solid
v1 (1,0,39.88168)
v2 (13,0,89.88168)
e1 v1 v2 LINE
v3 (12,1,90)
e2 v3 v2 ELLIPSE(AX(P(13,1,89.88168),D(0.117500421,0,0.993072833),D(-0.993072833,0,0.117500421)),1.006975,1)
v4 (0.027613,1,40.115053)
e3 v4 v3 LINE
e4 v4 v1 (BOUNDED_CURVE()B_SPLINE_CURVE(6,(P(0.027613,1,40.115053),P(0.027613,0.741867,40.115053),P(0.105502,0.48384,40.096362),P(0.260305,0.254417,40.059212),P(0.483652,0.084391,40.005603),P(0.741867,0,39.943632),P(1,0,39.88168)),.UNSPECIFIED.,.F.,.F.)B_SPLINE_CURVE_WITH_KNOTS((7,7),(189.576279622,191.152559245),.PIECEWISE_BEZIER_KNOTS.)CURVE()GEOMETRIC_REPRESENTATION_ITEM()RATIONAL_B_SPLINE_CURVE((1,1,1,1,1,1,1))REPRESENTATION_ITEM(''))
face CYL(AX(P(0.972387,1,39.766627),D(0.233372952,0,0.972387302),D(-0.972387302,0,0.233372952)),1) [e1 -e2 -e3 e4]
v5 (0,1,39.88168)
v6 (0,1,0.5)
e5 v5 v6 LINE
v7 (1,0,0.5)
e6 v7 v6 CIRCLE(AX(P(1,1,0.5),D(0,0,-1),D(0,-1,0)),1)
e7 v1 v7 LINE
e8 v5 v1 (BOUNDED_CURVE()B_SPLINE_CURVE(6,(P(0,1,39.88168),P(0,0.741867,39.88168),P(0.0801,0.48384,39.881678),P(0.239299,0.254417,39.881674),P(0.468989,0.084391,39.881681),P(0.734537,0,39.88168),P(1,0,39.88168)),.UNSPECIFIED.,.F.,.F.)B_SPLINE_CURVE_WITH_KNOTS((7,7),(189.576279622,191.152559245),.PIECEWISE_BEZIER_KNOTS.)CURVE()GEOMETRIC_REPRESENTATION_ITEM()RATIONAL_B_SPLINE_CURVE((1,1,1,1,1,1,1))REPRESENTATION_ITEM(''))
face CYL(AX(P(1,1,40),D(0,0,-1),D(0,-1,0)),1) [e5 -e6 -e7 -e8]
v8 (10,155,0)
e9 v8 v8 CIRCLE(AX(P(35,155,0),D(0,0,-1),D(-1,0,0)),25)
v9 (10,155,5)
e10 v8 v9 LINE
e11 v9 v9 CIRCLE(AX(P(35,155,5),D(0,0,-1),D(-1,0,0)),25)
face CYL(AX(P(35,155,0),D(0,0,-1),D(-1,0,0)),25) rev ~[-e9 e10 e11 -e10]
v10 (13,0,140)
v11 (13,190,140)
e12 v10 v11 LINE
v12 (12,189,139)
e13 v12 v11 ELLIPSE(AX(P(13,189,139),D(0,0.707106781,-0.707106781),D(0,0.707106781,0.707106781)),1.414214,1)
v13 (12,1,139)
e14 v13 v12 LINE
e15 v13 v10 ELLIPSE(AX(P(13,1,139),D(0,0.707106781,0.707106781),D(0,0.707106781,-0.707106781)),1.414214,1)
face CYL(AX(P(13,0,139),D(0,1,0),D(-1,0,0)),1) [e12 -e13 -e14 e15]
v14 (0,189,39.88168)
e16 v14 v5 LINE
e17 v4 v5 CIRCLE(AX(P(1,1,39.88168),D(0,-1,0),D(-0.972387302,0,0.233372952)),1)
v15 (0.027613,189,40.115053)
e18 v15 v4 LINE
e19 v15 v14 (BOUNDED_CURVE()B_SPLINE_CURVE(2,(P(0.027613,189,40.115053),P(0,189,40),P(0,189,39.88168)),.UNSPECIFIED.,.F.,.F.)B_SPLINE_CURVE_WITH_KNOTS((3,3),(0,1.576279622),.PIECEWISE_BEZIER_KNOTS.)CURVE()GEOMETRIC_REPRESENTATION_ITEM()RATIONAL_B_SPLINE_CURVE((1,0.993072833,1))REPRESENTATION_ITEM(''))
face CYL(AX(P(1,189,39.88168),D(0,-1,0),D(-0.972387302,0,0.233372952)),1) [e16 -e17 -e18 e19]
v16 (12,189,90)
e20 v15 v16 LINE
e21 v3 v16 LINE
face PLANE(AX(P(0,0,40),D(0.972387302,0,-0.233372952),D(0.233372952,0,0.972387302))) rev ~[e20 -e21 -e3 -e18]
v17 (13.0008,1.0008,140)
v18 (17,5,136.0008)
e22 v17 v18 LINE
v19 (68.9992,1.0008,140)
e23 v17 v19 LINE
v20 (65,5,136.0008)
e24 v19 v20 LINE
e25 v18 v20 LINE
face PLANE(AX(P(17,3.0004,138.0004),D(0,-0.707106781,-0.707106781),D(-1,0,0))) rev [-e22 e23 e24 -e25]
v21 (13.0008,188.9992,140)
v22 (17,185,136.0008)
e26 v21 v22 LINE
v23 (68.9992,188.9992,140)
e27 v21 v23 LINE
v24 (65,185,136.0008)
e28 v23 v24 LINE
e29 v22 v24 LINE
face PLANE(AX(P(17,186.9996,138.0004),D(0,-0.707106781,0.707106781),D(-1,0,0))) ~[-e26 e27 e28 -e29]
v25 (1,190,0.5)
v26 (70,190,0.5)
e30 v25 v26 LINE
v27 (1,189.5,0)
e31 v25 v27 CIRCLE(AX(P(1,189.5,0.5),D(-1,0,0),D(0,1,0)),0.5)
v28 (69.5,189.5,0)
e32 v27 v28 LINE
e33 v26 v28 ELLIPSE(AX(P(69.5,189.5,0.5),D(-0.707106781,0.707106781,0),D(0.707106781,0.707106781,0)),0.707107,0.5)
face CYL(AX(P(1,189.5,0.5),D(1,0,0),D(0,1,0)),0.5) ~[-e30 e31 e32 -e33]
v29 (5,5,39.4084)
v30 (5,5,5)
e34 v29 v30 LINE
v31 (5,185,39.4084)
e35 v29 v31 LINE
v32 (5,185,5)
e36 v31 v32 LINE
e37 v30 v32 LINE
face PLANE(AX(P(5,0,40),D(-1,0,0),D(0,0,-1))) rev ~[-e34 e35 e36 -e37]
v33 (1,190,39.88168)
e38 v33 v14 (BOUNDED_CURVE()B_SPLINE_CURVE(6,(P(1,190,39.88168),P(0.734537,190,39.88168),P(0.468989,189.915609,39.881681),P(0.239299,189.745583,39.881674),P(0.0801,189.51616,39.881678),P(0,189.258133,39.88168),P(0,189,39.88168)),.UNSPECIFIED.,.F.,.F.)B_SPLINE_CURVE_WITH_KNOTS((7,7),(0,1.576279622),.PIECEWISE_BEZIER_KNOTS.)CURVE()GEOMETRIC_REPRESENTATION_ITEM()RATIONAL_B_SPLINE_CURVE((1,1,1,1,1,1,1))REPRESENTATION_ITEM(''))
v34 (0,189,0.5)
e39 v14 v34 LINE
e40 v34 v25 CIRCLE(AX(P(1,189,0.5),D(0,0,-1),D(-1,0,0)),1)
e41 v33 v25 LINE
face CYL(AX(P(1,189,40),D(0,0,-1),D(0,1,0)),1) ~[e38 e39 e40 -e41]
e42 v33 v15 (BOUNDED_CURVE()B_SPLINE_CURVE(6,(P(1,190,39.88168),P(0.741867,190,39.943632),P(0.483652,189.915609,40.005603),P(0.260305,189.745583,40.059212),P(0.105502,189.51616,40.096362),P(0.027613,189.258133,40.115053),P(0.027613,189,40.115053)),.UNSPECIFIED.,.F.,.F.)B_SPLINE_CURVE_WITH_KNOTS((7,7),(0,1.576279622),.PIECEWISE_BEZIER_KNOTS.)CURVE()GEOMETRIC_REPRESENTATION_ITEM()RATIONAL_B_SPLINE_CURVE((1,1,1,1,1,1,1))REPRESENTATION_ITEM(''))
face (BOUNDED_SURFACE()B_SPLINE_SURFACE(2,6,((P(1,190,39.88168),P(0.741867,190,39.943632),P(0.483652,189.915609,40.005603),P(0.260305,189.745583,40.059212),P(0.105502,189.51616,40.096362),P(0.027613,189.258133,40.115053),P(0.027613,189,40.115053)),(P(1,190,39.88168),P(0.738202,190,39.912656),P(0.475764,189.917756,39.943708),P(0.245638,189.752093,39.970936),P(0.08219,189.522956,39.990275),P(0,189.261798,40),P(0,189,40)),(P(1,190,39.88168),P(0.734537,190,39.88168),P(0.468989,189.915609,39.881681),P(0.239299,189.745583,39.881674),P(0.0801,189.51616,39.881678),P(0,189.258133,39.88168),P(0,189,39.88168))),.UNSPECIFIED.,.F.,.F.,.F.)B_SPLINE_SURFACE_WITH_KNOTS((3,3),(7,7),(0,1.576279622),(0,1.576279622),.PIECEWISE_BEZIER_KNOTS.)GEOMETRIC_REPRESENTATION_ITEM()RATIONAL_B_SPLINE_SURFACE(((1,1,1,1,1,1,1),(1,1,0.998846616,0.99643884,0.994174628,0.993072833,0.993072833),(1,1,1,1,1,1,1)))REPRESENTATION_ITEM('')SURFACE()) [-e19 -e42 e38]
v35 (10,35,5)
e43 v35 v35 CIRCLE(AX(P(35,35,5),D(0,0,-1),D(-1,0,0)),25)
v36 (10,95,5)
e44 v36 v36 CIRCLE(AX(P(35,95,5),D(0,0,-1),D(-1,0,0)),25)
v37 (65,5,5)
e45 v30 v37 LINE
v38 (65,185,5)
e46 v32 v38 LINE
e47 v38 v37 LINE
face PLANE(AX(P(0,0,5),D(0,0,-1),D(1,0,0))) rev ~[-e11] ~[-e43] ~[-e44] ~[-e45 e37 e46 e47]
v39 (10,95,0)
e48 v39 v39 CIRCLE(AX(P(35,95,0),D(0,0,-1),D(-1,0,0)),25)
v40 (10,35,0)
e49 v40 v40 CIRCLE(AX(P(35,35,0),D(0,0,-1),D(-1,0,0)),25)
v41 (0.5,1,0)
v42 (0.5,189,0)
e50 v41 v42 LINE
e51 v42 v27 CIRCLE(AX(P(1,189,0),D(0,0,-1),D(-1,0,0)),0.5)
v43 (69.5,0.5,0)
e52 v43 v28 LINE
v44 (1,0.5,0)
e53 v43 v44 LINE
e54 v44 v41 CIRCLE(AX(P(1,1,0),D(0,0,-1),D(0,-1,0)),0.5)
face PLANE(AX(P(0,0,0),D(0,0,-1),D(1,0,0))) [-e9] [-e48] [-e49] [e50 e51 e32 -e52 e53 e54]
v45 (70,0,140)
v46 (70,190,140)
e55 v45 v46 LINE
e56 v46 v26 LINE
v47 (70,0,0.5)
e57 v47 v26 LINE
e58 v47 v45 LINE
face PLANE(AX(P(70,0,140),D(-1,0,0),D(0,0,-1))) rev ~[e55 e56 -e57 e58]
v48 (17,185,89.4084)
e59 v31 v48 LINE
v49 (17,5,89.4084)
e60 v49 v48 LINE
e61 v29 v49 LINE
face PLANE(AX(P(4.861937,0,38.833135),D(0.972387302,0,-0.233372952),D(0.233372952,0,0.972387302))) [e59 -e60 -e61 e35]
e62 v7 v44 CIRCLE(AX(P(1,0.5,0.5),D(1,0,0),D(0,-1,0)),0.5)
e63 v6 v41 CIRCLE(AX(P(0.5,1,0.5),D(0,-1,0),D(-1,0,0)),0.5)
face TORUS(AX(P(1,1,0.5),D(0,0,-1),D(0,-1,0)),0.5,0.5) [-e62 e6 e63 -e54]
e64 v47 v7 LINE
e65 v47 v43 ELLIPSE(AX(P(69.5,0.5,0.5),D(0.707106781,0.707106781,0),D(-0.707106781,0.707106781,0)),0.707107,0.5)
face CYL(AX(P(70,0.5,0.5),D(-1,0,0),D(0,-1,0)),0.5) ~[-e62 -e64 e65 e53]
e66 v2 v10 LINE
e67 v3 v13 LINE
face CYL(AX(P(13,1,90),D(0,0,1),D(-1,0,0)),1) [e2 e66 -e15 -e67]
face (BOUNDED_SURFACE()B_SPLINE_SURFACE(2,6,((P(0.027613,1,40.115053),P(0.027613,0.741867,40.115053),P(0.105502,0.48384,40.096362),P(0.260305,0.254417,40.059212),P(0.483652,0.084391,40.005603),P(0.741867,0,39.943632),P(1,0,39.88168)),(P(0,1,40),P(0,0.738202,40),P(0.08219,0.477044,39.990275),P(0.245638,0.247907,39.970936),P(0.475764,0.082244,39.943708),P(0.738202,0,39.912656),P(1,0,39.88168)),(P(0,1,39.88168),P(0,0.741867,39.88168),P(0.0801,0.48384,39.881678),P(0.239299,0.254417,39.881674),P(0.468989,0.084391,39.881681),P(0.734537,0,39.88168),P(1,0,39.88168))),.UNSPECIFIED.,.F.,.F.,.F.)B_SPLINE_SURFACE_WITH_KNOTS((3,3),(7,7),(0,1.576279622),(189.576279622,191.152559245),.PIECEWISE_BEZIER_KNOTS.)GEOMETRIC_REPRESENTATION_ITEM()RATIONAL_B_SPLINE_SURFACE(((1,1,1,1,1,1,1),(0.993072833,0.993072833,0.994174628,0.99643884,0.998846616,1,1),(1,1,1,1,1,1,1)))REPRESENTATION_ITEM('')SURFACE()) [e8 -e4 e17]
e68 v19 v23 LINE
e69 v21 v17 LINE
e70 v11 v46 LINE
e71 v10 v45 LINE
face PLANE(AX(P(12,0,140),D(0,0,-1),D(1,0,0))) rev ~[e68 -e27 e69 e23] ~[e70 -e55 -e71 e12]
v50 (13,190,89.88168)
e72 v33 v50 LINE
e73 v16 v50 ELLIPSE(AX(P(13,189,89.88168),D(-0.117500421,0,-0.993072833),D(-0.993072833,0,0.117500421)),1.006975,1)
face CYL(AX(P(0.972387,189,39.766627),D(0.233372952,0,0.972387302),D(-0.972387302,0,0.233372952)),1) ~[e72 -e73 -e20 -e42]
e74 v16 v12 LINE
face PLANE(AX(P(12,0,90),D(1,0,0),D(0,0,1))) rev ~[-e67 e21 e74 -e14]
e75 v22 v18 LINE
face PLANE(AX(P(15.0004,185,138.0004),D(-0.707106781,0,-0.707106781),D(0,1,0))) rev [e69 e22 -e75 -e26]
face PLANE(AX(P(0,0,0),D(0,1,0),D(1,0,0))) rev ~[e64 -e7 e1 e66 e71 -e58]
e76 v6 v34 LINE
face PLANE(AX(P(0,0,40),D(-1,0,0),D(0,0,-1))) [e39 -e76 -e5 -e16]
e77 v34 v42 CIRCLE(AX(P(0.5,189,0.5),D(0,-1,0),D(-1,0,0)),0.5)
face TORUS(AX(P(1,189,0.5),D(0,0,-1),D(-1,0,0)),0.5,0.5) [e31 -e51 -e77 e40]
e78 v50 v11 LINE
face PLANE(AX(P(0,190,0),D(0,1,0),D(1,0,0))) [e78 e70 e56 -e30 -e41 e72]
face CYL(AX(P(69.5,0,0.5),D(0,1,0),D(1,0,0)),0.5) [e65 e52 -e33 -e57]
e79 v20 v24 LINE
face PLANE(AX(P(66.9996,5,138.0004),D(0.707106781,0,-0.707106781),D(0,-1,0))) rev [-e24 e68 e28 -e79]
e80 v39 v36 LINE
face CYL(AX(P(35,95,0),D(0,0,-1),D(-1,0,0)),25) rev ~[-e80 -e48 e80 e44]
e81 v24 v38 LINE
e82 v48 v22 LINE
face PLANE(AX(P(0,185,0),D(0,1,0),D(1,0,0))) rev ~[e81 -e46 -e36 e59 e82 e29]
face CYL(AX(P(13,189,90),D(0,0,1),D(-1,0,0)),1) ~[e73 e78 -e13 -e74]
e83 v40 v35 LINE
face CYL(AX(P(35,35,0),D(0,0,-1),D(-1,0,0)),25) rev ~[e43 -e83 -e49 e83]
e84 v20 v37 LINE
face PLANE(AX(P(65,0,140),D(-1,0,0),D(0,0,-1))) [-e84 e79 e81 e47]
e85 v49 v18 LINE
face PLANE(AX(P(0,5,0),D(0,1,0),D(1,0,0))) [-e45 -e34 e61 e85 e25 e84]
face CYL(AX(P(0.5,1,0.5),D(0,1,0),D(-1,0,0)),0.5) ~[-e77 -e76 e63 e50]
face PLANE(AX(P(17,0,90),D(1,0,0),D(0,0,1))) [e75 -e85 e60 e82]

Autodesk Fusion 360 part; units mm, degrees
sketch "Sketch1" plane through (0, 0, 0) normal (0, 1, 0) x (1, 0, 0)
  line L0 (0, 0) -> (70, 0)
  line L1 (70, 0) -> (70, -40)
  line L2 (0, -40) -> (0, 0)
  line L3 (70, -40) -> (12, -40)
  line L4 (70, -90) -> (70, -40)
  line L5 (0, -40) -> (12, -90)
  line L6 (12, -90) -> (12, -140)
  line L7 (12, -140) -> (70, -140)
  line L8 (70, -140) -> (70, -90)
  dimension "d1" = 70
  dimension "d2" = 40
  dimension "d3" = 58
  dimension "d4" = 50
  dimension "d5" = 58
  dimension "d6" = 50
extrude "Extrude1" add sketch "Sketch1" along normal blind 190
sketch "Sketch2" plane through (0, 0, 0) normal (0, 0, -1) x (-1, 0, 0)
  line L0 (-70, 0) -> (0, 0)
  line L1 (0, 0) -> (0, 190)
  line L2 (0, 190) -> (-70, 190)
  line L3 (-70, 190) -> (-70, 0)
sketch "Sketch4" plane through (0, 0, 0) normal (0, 0, -1) x (-1, 0, 0)
  circle A0 centre (-35, 155) radius 25
  line L0 (0, 190) -> (-70, 190)
  line L1 (0, 0) -> (0, 190)
  circle A1 centre (-35, 95) radius 25
  circle A2 centre (-35, 35) radius 25
  dimension "d21" = 50
  dimension "d22" = 35
  dimension "d23" = 35
  dimension "d24" = 50
  dimension "d25" = 35
  dimension "d26" = 60
  dimension "d27" = 50
  dimension "d28" = 35
  dimension "d29" = 60
shell "Shell1" thickness 5 removed faces 1 at (31.3333, 63.3333, 140)
extrude "Extrude2" cut sketch "Sketch4" against normal blind 25
fillet "Fillet1" radius 1 7 edges at (12, 190, 115) (6, 190, 65) (0, 190, 20) (12, 95, 140) (12, 0, 115) (6, 0, 65) (0, 0, 20)
fillet "Fillet2" radius 1 3 edges at (0.2929, 0.2929, 39.9653) (0, 95, 40) (0.2929, 189.7071, 39.9653)
chamfer "Chamfer1" distance 4 angle 45 4 edges at (65, 95, 140) (41, 185, 140) (17, 95, 140) (41, 5, 140)
fillet "Fillet3" radius 0.5 6 edges at (70, 95, 0) (35.5, 190, 0) (0.2929, 189.7071, 0) (0, 95, 0) (0.2929, 0.2929, 0) (35.5, 0, 0)
